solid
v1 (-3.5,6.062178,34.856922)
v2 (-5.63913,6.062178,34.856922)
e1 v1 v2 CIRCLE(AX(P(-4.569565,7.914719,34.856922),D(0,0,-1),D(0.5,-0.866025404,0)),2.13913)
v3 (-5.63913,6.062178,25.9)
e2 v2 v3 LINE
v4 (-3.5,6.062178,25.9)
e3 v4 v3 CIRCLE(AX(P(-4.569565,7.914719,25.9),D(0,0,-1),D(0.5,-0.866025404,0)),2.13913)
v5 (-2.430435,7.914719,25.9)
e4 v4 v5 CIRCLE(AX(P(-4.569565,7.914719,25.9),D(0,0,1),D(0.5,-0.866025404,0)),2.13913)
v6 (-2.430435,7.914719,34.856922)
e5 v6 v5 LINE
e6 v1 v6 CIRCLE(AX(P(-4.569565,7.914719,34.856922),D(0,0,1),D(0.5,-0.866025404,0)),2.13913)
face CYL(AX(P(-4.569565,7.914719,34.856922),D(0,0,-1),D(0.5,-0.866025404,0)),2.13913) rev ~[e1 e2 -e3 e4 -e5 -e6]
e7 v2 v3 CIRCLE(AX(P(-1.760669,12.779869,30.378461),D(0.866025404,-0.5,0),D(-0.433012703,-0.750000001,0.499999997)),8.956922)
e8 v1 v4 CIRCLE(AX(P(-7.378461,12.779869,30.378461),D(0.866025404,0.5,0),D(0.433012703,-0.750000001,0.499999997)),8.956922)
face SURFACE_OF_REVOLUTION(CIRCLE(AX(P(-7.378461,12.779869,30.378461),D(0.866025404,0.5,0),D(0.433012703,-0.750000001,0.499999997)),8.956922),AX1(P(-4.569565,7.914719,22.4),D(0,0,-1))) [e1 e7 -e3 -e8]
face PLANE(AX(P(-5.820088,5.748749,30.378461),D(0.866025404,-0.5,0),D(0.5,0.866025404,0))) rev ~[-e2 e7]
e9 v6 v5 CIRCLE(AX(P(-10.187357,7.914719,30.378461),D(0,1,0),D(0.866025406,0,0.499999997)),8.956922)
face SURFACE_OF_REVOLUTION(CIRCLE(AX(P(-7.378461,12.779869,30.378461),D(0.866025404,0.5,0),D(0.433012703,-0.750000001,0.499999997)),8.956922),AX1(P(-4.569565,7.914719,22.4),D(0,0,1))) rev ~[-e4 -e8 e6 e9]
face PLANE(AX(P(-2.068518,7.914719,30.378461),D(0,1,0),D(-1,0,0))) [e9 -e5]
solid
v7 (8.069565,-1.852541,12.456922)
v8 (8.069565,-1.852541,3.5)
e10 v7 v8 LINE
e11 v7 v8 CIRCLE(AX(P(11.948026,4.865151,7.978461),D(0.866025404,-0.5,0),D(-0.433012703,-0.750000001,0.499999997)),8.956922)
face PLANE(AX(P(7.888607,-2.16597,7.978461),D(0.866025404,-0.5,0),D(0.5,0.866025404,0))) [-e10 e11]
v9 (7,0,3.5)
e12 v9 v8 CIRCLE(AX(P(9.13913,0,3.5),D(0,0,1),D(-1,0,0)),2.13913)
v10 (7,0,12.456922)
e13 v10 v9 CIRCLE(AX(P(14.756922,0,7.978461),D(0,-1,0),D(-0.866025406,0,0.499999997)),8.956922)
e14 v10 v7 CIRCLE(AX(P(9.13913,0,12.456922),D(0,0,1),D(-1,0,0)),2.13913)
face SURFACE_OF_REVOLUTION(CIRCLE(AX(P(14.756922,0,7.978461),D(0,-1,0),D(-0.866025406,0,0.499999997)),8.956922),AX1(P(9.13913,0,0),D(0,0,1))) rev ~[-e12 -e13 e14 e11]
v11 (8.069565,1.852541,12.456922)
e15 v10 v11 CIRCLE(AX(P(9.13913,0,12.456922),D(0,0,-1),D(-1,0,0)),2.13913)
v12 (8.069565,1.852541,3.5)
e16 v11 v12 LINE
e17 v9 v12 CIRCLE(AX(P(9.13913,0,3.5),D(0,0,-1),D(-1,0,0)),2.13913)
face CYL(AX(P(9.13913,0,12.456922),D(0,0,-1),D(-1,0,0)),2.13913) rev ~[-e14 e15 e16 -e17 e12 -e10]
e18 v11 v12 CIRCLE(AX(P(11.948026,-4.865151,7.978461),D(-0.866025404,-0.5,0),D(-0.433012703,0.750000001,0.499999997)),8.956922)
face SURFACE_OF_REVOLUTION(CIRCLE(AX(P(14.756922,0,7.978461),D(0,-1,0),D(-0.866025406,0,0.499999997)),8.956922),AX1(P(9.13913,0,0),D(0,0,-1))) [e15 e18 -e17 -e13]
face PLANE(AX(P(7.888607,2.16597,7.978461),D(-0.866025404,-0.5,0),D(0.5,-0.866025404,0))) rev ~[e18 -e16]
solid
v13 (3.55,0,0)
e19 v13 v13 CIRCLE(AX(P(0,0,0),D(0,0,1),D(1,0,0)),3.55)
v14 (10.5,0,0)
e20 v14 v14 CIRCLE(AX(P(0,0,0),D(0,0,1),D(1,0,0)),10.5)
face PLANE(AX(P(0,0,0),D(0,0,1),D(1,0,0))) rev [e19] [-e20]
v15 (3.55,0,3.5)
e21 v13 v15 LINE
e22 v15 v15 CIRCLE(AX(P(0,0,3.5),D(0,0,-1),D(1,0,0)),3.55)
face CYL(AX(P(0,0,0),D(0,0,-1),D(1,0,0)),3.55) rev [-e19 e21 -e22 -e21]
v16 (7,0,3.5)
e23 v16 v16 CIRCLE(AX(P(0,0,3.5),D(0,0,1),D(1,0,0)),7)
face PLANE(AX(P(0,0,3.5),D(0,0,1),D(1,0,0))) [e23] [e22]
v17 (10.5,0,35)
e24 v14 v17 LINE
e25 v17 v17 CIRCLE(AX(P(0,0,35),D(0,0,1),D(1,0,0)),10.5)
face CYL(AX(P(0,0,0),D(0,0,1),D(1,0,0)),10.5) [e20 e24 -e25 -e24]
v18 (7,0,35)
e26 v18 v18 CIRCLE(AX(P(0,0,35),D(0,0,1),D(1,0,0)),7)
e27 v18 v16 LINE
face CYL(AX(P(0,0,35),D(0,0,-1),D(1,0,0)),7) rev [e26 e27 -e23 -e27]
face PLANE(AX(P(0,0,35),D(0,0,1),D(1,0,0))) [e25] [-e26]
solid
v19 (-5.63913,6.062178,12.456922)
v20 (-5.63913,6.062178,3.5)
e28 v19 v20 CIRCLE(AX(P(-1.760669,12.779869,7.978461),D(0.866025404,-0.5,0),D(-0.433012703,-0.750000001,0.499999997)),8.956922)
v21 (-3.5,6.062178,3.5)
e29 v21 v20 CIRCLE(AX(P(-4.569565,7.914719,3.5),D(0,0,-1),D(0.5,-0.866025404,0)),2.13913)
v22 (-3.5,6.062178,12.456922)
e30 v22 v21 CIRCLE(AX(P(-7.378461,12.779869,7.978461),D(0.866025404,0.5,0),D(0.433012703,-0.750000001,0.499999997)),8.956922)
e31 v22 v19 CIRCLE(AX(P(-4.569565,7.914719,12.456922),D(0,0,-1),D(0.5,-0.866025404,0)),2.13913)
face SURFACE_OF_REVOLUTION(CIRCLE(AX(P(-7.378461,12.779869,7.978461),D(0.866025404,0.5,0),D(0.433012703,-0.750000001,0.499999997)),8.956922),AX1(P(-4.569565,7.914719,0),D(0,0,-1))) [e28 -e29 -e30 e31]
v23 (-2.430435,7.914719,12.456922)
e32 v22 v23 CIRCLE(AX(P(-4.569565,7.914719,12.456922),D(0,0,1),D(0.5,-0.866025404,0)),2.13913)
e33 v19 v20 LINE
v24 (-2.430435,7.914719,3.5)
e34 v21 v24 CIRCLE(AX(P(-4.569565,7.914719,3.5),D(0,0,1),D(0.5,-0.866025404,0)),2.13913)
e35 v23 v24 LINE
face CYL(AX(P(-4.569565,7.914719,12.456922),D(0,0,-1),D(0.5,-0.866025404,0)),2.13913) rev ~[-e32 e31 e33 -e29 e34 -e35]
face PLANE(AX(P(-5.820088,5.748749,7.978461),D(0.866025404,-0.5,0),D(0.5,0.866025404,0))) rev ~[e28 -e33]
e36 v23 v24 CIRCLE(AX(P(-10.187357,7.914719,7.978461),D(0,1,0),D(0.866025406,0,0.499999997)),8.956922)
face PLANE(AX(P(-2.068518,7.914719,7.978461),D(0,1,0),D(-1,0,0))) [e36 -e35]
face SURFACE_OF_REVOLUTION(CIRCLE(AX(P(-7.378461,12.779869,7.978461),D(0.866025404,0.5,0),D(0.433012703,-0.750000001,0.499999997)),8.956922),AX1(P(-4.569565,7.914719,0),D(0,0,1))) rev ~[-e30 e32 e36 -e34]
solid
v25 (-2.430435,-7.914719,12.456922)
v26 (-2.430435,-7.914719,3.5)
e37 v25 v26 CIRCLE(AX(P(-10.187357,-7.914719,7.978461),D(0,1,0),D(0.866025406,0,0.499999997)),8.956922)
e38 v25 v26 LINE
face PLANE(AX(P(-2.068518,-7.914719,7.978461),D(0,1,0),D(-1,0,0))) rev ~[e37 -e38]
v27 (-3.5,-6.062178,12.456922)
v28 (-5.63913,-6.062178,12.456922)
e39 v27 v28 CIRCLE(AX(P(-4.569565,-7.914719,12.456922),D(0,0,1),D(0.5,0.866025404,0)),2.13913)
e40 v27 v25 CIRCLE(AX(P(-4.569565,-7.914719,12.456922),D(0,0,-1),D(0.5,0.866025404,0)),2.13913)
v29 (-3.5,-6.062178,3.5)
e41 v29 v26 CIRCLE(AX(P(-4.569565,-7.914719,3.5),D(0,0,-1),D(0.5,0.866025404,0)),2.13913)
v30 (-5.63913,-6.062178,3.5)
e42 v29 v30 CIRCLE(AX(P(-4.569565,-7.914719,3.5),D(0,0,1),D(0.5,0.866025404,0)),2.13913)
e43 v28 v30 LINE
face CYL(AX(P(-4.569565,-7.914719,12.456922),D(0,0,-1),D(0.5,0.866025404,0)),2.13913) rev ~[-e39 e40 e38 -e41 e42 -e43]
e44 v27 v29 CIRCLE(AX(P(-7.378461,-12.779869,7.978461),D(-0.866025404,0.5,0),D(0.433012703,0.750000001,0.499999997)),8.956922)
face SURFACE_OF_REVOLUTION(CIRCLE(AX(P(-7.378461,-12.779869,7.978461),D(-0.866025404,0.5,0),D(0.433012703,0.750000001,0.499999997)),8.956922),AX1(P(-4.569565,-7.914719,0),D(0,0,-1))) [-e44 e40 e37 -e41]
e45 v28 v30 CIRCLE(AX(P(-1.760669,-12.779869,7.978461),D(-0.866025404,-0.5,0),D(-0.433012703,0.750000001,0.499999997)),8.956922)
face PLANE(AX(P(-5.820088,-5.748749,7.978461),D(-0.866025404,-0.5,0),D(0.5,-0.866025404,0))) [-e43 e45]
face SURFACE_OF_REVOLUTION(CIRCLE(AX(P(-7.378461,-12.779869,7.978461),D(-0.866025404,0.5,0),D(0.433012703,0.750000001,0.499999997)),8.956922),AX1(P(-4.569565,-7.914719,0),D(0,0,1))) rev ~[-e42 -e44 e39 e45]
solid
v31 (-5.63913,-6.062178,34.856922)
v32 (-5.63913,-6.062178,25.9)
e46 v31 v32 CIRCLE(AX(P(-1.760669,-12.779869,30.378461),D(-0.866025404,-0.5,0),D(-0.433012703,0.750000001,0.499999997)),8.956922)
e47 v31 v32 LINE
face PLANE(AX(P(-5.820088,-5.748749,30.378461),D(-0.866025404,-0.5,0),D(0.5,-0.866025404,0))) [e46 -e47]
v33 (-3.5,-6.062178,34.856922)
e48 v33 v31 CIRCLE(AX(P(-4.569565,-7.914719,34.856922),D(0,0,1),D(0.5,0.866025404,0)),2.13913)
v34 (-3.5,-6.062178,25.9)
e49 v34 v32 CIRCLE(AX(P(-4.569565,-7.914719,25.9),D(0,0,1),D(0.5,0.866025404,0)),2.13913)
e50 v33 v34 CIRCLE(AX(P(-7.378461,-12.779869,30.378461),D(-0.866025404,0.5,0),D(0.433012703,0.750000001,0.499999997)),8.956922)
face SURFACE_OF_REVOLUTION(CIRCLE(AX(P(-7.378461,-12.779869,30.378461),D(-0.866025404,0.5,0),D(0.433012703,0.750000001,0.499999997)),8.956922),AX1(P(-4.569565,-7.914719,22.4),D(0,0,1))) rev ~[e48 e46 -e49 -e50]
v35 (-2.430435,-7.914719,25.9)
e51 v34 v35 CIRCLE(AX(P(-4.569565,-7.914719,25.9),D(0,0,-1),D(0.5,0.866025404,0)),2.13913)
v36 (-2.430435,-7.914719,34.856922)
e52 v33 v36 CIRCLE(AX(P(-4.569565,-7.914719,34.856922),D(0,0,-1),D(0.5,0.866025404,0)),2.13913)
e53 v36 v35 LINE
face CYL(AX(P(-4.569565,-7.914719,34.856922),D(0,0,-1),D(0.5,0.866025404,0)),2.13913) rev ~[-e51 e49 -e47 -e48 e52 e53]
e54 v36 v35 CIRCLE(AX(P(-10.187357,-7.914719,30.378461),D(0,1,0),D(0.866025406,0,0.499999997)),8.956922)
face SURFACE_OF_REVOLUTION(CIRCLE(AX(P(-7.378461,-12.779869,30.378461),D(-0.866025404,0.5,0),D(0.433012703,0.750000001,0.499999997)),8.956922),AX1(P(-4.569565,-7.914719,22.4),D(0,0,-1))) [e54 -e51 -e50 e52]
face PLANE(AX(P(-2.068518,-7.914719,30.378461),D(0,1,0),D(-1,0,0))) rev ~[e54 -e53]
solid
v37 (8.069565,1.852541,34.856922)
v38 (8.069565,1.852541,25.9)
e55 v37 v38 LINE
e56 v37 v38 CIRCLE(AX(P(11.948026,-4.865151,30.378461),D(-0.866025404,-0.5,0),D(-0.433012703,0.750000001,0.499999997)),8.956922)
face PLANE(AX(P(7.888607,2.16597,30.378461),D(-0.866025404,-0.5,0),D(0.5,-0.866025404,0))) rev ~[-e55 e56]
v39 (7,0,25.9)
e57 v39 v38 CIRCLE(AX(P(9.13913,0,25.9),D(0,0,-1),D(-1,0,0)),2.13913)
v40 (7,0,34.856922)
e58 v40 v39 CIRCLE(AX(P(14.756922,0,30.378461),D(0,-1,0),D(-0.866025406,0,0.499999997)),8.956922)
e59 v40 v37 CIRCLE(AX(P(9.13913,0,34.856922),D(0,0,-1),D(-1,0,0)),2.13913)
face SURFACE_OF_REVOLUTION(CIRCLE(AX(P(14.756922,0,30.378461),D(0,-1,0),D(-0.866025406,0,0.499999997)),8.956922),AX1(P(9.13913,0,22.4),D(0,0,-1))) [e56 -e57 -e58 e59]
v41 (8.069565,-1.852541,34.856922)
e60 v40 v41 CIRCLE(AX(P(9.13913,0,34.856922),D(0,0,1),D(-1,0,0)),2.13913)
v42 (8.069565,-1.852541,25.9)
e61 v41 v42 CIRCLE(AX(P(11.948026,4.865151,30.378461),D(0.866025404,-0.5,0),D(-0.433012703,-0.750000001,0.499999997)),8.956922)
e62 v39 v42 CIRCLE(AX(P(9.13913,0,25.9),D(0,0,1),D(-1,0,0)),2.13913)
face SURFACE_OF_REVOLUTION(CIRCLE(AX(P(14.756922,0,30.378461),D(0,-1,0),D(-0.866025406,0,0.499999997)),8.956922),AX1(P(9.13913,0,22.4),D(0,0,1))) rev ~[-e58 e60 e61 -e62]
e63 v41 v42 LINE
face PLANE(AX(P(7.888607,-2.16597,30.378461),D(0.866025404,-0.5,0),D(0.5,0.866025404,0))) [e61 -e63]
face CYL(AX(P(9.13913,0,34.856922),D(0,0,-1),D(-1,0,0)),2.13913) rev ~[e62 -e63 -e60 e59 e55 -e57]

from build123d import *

# Parameters (mm, degrees)
SKETCH004_R             = 3.55
HOLE_DEPTH              = 35.001
REVOLUTION001_ANGLE     = 120
REVOLUTION002_ANGLE     = 120
BODY002_PLACEMENT_ANGLE = 120
REVOLUTION003_ANGLE     = 120
BODY003_PLACEMENT_ANGLE = 240
REVOLUTION004_ANGLE     = 120
REVOLUTION005_ANGLE     = 120
BODY005_PLACEMENT_ANGLE = 120
REVOLUTION006_ANGLE     = 120
BODY006_PLACEMENT_ANGLE = 240


with BuildPart() as sleeve:
    # Sketch → Revolution (revolve)
    with BuildSketch(Plane.XZ):
        Polygon((0, 0), (10.5, 0), (10.5, 35), (7, 35), (7, 3.5), (0, 3.5), align=None)
    revolve(axis=Axis((0, 0, 0), (0, 0, 1)))

    # Sketch004 → Hole (cut, through all)
    with BuildSketch(Plane.XY):
        Circle(SKETCH004_R)
    extrude(amount=HOLE_DEPTH, mode=Mode.SUBTRACT)


with BuildPart() as body001:
    # Sketch003 → Revolution001 (revolve, symmetric)
    with BuildSketch(Plane.XZ) as revolution001_sk:
        with BuildLine():
            ThreePointArc((7, 12.456922), (5.8, 7.978461), (7, 3.5))
            Line((7, 12.456922), (7, 3.5))
        make_face()
    revolve(axis=Axis((9.13913, 0, 0), (0, 0, 1)), revolution_arc=REVOLUTION001_ANGLE / 2)
    revolve(revolution001_sk.sketch, axis=Axis((9.13913, 0, 0), (0, 0, -1)), revolution_arc=REVOLUTION001_ANGLE / 2)


with BuildPart() as body002:
    # Sketch003 → Revolution002 (revolve, symmetric)
    with BuildSketch(Plane.XZ) as revolution002_sk:
        with BuildLine():
            ThreePointArc((7, 12.456922), (5.8, 7.978461), (7, 3.5))
            Line((7, 12.456922), (7, 3.5))
        make_face()
    revolve(axis=Axis((9.13913, 0, 0), (0, 0, 1)), revolution_arc=REVOLUTION002_ANGLE / 2)
    revolve(revolution002_sk.sketch, axis=Axis((9.13913, 0, 0), (0, 0, -1)), revolution_arc=REVOLUTION002_ANGLE / 2)


with BuildPart() as body002_1:
    # Body002 placement: moved
    add(body002.part.rotate(Axis((0, 0, 0), (0, 0, 1)), BODY002_PLACEMENT_ANGLE))


with BuildPart() as body003:
    # Sketch003 → Revolution003 (revolve, symmetric)
    with BuildSketch(Plane.XZ) as revolution003_sk:
        with BuildLine():
            ThreePointArc((7, 12.456922), (5.8, 7.978461), (7, 3.5))
            Line((7, 12.456922), (7, 3.5))
        make_face()
    revolve(axis=Axis((9.13913, 0, 0), (0, 0, 1)), revolution_arc=REVOLUTION003_ANGLE / 2)
    revolve(revolution003_sk.sketch, axis=Axis((9.13913, 0, 0), (0, 0, -1)), revolution_arc=REVOLUTION003_ANGLE / 2)


with BuildPart() as body003_1:
    # Body003 placement: moved
    add(body003.part.rotate(Axis((0, 0, 0), (0, 0, 1)), BODY003_PLACEMENT_ANGLE))


with BuildPart() as body004:
    # Sketch003 → Revolution004 (revolve, symmetric)
    with BuildSketch(Plane.XZ) as revolution004_sk:
        with BuildLine():
            ThreePointArc((7, 12.456922), (5.8, 7.978461), (7, 3.5))
            Line((7, 12.456922), (7, 3.5))
        make_face()
    revolve(axis=Axis((9.13913, 0, 0), (0, 0, 1)), revolution_arc=REVOLUTION004_ANGLE / 2)
    revolve(revolution004_sk.sketch, axis=Axis((9.13913, 0, 0), (0, 0, -1)), revolution_arc=REVOLUTION004_ANGLE / 2)


with BuildPart() as body004_1:
    # Body004 placement: moved
    add(body004.part.moved(Location((0, 0, 22.4))))


with BuildPart() as body005:
    # Sketch003 → Revolution005 (revolve, symmetric)
    with BuildSketch(Plane.XZ) as revolution005_sk:
        with BuildLine():
            ThreePointArc((7, 12.456922), (5.8, 7.978461), (7, 3.5))
            Line((7, 12.456922), (7, 3.5))
        make_face()
    revolve(axis=Axis((9.13913, 0, 0), (0, 0, 1)), revolution_arc=REVOLUTION005_ANGLE / 2)
    revolve(revolution005_sk.sketch, axis=Axis((9.13913, 0, 0), (0, 0, -1)), revolution_arc=REVOLUTION005_ANGLE / 2)


with BuildPart() as body005_1:
    # Body005 placement: moved
    add(body005.part.moved(Location((0, 0, 22.4))).rotate(Axis((0, 0, 22.4), (0, 0, 1)), BODY005_PLACEMENT_ANGLE))


with BuildPart() as body006:
    # Sketch003 → Revolution006 (revolve, symmetric)
    with BuildSketch(Plane.XZ) as revolution006_sk:
        with BuildLine():
            ThreePointArc((7, 12.456922), (5.8, 7.978461), (7, 3.5))
            Line((7, 12.456922), (7, 3.5))
        make_face()
    revolve(axis=Axis((9.13913, 0, 0), (0, 0, 1)), revolution_arc=REVOLUTION006_ANGLE / 2)
    revolve(revolution006_sk.sketch, axis=Axis((9.13913, 0, 0), (0, 0, -1)), revolution_arc=REVOLUTION006_ANGLE / 2)


with BuildPart() as body006_1:
    # Body006 placement: moved
    add(body006.part.moved(Location((0, 0, 22.4))).rotate(Axis((0, 0, 22.4), (0, 0, 1)), BODY006_PLACEMENT_ANGLE))


solid = Compound([sleeve.part, body001.part, body002_1.part, body003_1.part, body004_1.part, body005_1.part, body006_1.part])
